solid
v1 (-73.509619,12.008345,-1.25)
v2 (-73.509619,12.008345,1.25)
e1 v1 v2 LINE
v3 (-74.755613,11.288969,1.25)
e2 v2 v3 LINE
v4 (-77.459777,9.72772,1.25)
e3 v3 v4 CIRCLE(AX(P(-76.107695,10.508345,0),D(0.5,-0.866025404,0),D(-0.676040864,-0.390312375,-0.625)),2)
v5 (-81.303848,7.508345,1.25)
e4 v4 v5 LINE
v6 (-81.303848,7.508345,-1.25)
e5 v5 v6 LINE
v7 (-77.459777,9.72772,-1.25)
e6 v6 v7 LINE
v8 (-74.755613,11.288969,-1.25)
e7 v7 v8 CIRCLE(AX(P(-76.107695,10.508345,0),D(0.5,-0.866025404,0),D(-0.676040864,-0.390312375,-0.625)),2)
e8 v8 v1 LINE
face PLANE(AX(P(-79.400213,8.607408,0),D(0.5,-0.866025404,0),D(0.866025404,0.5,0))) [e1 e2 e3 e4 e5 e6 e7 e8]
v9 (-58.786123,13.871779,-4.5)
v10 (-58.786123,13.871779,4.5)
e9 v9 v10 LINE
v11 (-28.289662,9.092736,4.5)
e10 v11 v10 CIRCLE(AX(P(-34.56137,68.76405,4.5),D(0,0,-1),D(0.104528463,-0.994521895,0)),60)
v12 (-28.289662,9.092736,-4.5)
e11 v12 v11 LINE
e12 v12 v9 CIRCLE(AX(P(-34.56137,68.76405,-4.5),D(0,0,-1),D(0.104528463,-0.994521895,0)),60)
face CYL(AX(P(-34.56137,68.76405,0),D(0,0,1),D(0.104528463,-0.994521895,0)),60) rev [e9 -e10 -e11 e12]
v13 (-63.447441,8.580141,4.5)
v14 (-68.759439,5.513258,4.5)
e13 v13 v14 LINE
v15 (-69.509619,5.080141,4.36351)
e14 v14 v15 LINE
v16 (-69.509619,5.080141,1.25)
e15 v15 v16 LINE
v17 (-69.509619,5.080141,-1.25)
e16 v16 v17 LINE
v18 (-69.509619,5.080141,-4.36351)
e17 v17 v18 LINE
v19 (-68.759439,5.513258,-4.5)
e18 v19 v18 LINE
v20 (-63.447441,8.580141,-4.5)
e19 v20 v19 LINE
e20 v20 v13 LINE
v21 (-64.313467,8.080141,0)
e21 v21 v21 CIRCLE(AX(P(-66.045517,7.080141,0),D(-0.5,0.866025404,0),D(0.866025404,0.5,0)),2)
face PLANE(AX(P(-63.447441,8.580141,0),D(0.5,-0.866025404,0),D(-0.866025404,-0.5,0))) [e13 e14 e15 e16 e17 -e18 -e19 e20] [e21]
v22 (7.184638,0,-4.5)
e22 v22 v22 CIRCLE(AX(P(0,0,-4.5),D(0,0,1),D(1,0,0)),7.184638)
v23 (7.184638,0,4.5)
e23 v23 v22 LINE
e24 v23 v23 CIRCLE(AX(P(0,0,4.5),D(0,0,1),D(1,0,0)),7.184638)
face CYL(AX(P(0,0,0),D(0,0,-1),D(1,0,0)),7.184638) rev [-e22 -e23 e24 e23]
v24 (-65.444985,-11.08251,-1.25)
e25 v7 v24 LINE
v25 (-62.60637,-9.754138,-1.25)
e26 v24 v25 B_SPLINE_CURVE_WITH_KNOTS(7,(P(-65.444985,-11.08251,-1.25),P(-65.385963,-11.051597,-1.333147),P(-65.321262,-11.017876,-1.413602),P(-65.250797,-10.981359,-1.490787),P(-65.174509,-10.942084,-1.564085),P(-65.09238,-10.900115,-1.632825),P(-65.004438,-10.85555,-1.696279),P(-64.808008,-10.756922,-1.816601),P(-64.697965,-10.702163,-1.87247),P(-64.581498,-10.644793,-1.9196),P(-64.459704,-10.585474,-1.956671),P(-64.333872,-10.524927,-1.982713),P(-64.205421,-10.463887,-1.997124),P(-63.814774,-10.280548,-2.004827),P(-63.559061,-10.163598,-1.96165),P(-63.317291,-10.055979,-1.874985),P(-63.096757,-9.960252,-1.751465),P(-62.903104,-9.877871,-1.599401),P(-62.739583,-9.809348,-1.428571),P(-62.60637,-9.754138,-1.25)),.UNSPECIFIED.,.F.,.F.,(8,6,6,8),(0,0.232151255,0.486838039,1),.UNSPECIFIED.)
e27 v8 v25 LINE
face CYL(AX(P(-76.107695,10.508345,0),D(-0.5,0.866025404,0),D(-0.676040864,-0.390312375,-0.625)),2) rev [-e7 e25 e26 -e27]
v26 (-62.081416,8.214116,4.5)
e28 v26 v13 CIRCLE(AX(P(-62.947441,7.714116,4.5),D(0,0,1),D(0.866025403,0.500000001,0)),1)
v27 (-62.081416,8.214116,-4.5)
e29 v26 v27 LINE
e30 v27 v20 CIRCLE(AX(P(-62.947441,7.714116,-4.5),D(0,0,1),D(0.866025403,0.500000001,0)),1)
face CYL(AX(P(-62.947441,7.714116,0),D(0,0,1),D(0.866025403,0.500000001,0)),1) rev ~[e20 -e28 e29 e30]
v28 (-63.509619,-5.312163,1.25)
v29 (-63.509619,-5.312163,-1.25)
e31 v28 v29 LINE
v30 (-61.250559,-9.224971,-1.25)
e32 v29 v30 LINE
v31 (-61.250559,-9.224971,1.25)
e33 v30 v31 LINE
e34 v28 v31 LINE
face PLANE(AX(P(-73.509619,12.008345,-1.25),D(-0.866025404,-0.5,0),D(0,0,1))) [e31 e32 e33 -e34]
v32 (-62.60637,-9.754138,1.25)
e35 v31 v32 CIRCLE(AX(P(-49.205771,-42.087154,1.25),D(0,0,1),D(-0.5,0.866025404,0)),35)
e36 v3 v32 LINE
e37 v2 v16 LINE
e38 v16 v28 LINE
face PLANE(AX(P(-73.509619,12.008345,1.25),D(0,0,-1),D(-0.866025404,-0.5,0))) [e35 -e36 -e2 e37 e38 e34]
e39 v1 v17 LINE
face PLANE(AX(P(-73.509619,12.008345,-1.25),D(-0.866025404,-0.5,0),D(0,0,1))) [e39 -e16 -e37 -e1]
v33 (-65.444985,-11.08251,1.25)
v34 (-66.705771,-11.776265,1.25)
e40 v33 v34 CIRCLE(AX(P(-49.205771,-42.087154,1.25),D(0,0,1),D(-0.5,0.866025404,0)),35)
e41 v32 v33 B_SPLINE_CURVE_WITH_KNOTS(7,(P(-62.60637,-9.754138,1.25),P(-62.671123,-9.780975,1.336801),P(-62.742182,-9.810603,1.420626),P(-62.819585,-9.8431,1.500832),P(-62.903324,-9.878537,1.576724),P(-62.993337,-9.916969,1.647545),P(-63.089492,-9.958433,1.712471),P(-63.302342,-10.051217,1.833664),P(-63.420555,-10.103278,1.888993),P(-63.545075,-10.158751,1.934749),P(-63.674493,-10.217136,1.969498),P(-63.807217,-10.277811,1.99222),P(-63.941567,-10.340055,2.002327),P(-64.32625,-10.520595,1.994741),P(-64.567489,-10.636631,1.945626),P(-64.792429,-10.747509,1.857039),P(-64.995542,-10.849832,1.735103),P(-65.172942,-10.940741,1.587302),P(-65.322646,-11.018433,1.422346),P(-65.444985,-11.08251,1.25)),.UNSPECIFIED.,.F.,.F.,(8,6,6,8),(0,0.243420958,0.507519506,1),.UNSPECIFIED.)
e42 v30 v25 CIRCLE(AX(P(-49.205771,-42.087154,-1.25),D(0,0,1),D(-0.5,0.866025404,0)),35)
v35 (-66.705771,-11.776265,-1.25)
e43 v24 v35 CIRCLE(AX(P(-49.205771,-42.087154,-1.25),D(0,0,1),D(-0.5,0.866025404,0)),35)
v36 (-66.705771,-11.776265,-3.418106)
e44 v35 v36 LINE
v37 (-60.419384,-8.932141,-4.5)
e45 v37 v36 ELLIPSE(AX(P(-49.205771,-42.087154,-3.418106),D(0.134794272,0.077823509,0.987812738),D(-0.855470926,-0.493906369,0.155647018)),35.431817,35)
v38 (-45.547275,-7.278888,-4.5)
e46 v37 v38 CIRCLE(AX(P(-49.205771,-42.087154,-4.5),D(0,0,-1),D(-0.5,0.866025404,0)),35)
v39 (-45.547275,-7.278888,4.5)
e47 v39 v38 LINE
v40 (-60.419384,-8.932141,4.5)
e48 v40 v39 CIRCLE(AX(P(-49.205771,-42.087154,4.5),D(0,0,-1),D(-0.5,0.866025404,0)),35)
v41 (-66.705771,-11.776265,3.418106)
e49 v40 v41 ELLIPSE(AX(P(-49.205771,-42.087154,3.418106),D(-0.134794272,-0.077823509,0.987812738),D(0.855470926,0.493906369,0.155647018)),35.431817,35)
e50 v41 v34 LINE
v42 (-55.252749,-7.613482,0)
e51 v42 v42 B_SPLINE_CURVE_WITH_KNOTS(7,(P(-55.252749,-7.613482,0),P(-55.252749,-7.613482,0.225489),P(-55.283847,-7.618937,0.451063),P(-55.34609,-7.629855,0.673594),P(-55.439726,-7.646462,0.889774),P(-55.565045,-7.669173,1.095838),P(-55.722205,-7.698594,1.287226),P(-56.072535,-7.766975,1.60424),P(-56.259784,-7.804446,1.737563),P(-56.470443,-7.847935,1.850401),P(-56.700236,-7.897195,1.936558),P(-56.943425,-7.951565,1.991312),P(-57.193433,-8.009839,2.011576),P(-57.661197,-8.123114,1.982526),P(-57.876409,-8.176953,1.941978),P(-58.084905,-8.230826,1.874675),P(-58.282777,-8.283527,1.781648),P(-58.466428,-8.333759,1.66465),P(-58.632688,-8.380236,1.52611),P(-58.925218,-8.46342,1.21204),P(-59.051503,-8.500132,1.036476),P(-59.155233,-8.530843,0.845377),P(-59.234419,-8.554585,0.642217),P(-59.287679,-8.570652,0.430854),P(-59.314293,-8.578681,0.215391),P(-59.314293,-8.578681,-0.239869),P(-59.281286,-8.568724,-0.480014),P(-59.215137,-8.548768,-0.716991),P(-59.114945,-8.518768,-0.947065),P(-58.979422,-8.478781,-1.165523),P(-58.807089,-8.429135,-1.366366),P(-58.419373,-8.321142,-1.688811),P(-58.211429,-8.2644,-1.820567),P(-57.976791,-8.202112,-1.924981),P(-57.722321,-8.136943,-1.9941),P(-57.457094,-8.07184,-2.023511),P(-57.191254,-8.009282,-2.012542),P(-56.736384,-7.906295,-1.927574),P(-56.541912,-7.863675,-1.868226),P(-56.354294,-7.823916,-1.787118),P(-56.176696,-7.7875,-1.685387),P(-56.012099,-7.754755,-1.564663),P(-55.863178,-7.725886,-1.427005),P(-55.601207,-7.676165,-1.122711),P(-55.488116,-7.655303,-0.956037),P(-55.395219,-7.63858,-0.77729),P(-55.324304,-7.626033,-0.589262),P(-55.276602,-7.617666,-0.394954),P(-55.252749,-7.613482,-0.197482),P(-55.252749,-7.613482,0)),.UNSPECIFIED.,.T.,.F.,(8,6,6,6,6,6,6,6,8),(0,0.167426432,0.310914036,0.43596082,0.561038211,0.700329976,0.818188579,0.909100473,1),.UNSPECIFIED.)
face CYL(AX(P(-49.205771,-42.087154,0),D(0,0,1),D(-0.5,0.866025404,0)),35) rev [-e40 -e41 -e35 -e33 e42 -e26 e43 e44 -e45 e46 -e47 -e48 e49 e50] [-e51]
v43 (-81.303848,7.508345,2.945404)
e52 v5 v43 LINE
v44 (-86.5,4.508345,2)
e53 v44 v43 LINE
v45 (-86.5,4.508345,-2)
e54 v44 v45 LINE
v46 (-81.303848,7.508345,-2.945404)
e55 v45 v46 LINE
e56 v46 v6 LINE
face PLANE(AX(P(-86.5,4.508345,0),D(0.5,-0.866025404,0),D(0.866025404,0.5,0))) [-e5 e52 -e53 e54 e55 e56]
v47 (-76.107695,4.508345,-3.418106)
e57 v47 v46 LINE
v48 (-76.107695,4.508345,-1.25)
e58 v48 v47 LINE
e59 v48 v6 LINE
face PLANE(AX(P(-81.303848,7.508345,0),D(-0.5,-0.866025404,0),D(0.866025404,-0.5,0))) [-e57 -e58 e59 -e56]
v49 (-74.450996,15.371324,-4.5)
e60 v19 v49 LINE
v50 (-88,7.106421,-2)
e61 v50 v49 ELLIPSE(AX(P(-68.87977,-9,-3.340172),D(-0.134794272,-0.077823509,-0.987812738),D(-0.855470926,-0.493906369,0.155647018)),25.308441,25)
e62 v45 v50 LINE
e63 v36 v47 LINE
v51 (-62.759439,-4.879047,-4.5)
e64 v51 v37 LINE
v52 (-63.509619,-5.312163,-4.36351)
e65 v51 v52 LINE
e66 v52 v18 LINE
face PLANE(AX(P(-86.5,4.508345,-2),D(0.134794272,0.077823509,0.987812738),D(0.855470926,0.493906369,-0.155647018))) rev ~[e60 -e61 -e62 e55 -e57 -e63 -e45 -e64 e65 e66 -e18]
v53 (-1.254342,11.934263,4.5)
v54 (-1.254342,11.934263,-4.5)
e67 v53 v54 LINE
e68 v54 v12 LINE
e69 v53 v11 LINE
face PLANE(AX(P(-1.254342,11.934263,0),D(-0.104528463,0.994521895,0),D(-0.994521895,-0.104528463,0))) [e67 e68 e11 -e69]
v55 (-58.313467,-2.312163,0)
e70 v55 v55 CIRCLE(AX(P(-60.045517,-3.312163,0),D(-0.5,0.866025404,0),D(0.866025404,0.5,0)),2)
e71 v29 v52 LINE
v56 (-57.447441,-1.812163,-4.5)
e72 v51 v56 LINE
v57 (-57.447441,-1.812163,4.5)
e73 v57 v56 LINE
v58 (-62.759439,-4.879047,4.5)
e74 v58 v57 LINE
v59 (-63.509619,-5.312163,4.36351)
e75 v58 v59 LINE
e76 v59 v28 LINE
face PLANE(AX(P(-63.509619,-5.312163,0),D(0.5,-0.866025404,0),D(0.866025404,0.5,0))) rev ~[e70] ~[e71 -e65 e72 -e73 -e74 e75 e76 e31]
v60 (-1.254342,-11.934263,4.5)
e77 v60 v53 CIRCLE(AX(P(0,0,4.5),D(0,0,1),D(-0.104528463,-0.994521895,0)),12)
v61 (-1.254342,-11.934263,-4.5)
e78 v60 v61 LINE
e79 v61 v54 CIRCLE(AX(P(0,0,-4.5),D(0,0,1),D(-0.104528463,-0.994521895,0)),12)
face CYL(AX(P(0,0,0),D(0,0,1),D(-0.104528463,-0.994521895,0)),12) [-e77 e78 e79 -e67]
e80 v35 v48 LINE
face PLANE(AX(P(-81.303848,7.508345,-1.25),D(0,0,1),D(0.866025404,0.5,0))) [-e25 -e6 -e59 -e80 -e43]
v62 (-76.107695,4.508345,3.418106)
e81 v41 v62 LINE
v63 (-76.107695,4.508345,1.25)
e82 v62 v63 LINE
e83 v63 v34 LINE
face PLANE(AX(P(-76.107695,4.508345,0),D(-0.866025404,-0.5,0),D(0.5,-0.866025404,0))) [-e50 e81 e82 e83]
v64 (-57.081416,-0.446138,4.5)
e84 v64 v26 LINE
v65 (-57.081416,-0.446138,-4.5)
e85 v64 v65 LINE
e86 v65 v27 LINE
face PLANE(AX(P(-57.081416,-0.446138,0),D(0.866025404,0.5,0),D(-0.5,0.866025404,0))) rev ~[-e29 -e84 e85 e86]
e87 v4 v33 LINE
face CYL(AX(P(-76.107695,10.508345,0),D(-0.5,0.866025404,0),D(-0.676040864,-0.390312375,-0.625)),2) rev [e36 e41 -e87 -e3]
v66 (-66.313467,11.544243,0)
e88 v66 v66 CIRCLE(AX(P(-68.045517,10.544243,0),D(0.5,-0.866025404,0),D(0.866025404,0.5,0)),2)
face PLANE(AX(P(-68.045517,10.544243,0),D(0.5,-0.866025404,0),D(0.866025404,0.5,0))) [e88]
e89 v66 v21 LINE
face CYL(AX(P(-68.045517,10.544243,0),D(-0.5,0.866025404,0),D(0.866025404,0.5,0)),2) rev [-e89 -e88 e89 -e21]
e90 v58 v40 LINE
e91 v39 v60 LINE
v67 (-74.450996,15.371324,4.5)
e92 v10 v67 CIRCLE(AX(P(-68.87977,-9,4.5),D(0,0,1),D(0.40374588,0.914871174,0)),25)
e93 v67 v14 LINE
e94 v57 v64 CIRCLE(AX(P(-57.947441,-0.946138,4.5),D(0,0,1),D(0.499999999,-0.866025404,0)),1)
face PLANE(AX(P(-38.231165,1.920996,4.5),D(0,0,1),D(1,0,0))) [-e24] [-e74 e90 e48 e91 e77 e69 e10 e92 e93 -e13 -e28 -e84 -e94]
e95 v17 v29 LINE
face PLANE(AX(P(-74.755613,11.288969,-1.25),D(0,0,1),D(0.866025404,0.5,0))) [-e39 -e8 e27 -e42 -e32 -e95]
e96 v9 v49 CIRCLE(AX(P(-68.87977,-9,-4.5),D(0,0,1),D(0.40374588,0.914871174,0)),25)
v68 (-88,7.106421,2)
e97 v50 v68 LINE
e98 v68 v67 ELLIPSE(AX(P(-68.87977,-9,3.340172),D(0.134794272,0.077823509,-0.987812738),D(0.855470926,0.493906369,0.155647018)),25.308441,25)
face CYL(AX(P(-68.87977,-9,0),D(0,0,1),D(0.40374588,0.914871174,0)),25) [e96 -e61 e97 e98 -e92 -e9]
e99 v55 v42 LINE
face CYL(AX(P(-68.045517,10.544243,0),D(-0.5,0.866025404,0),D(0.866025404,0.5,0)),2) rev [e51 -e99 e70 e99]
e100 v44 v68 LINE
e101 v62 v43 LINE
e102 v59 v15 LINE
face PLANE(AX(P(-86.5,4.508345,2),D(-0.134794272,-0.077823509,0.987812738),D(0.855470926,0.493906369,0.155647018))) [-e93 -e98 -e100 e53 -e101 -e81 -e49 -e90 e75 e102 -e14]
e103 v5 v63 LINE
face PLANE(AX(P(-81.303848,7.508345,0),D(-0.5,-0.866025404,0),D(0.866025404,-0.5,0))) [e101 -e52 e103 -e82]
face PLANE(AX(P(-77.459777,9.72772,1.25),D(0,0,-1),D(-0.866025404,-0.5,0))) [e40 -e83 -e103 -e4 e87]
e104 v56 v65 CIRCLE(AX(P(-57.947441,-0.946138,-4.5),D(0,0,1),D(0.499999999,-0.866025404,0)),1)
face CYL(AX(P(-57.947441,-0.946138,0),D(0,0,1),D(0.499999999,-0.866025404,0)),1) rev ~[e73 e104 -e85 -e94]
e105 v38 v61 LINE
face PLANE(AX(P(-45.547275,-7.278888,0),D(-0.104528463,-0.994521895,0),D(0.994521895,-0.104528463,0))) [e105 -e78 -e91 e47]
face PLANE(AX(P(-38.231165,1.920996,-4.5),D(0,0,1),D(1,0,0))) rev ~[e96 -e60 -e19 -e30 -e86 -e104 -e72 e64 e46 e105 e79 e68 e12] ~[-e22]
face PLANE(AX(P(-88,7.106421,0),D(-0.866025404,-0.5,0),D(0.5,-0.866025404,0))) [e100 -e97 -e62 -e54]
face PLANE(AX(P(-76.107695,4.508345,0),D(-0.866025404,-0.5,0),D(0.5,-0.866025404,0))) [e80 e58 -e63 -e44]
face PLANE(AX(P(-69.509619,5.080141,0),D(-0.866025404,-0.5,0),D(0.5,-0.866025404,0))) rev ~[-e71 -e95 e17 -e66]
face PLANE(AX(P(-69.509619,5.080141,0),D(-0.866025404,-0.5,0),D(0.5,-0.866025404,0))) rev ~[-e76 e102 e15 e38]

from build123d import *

# Parameters (mm, degrees)
SKETCH1_R               = 7.18463753
BOSS_EXTRUDE1_DEPTH     = 4.5
CUT_EXTRUDE2_START      = 4
SKETCH4_R               = 2
CUT_EXTRUDE2_DEPTH      = 29
CUT_EXTRUDE3_DEPTH      = 29
CUT_EXTRUDE4_DEPTH      = 29
CUT_EXTRUDE4_DEPTH_BACK = 29


with BuildPart() as part:
    # Sketch1 → Boss-Extrude1 (new, symmetric)
    with BuildSketch(Plane.XY):
        with BuildLine():
            Line((-1.254341559, 11.934262744), (-28.289662127, 9.092736051))
            ThreePointArc((-28.289662127, 9.092736051), (-43.850490966, 9.48747573), (-58.786122703, 13.871779345))
            ThreePointArc((-58.786122703, 13.871779345), (-74.520010862, 15.355444557), (-88, 7.106420865))
            Line((-88, 7.106420865), (-86.5, 4.508344654))
            Line((-86.5, 4.508344654), (-81.303847577, 7.508344654))
            Line((-81.303847577, 7.508344654), (-76.107695155, 4.508344654))
            Line((-76.107695155, 4.508344654), (-66.705771366, -11.776265037))
            ThreePointArc((-66.705771366, -11.776265037), (-56.482680545, -7.851988144), (-45.547275152, -7.278887832))
            Line((-45.547275152, -7.278887832), (-1.254341559, -11.934262744))
            ThreePointArc((-1.254341559, -11.934262744), (12, 0), (-1.254341559, 11.934262744))
        make_face()
        Circle(SKETCH1_R, mode=Mode.SUBTRACT)
        with BuildLine():
            Line((-69.509618943, 5.080141424), (-63.509618943, -5.312163422))
            Line((-63.509618943, -5.312163422), (-57.447441117, -1.812163422))
            ThreePointArc((-57.447441117, -1.812163422), (-56.98151529, -1.204957063), (-57.081415713, -0.446138018))
            Line((-57.081415713, -0.446138018), (-62.081415713, 8.21411602))
            ThreePointArc((-62.081415713, 8.21411602), (-62.688622072, 8.680041846), (-63.447441117, 8.580141424))
            Line((-63.447441117, 8.580141424), (-69.509618943, 5.080141424))
        make_face(mode=Mode.SUBTRACT)
    extrude(amount=BOSS_EXTRUDE1_DEPTH, both=True)

    # Sketch4 → Cut-Extrude2 (cut)
    with BuildSketch(Plane(origin=(-23.5771705, 40.836857204, 0), x_dir=(0.8660254037844386, 0.5000000000000003, 0), z_dir=(0.5000000000000003, -0.8660254037844386, 0)).offset(CUT_EXTRUDE2_START)):
        with Locations((-53.6570251, 0)):
            Circle(SKETCH4_R)
    extrude(amount=CUT_EXTRUDE2_DEPTH, mode=Mode.SUBTRACT)

    # Sketch4<4> → Cut-Extrude3 (cut)
    with BuildSketch(Plane(origin=(-23.5771705, 40.836857204, 0), x_dir=(0.8660254037844386, 0.5000000000000003, 0), z_dir=(0.5000000000000003, -0.8660254037844386, 0))):
        with BuildLine():
            Line((-59.095775601, -1.25), (-57.6570251, -1.25))
            Line((-57.6570251, -1.25), (-57.6570251, 1.25))
            Line((-57.6570251, 1.25), (-59.095775601, 1.25))
            ThreePointArc((-59.095775601, 1.25), (-60.6570251, 2), (-62.2182746, 1.25))
            Line((-62.2182746, 1.25), (-66.6570251, 1.25))
            Line((-66.6570251, 1.25), (-66.6570251, -1.25))
            Line((-66.6570251, -1.25), (-62.2182746, -1.25))
            ThreePointArc((-62.2182746, -1.25), (-60.6570251, -2), (-59.095775601, -1.25))
        make_face()
    extrude(amount=CUT_EXTRUDE3_DEPTH, mode=Mode.SUBTRACT)

    # Sketch4<6> → Cut-Extrude4 (cut, two sides: drawn at the far end of the back side and taken through both)
    with BuildSketch(Plane(origin=(-23.5771705, 40.836857204, 0), x_dir=(0.8660254037844386, 0.5000000000000003, 0), z_dir=(0.5000000000000003, -0.8660254037844386, 0)).offset(-CUT_EXTRUDE4_DEPTH_BACK)):
        Polygon((-56.790792146, 4.5), (-72.6570251, 4.5), (-72.6570251, 2), align=None)
        Polygon((-56.790792146, -4.5), (-72.6570251, -2), (-72.6570251, -4.5), align=None)
    extrude(amount=CUT_EXTRUDE4_DEPTH + CUT_EXTRUDE4_DEPTH_BACK, mode=Mode.SUBTRACT)


solid = part.part
